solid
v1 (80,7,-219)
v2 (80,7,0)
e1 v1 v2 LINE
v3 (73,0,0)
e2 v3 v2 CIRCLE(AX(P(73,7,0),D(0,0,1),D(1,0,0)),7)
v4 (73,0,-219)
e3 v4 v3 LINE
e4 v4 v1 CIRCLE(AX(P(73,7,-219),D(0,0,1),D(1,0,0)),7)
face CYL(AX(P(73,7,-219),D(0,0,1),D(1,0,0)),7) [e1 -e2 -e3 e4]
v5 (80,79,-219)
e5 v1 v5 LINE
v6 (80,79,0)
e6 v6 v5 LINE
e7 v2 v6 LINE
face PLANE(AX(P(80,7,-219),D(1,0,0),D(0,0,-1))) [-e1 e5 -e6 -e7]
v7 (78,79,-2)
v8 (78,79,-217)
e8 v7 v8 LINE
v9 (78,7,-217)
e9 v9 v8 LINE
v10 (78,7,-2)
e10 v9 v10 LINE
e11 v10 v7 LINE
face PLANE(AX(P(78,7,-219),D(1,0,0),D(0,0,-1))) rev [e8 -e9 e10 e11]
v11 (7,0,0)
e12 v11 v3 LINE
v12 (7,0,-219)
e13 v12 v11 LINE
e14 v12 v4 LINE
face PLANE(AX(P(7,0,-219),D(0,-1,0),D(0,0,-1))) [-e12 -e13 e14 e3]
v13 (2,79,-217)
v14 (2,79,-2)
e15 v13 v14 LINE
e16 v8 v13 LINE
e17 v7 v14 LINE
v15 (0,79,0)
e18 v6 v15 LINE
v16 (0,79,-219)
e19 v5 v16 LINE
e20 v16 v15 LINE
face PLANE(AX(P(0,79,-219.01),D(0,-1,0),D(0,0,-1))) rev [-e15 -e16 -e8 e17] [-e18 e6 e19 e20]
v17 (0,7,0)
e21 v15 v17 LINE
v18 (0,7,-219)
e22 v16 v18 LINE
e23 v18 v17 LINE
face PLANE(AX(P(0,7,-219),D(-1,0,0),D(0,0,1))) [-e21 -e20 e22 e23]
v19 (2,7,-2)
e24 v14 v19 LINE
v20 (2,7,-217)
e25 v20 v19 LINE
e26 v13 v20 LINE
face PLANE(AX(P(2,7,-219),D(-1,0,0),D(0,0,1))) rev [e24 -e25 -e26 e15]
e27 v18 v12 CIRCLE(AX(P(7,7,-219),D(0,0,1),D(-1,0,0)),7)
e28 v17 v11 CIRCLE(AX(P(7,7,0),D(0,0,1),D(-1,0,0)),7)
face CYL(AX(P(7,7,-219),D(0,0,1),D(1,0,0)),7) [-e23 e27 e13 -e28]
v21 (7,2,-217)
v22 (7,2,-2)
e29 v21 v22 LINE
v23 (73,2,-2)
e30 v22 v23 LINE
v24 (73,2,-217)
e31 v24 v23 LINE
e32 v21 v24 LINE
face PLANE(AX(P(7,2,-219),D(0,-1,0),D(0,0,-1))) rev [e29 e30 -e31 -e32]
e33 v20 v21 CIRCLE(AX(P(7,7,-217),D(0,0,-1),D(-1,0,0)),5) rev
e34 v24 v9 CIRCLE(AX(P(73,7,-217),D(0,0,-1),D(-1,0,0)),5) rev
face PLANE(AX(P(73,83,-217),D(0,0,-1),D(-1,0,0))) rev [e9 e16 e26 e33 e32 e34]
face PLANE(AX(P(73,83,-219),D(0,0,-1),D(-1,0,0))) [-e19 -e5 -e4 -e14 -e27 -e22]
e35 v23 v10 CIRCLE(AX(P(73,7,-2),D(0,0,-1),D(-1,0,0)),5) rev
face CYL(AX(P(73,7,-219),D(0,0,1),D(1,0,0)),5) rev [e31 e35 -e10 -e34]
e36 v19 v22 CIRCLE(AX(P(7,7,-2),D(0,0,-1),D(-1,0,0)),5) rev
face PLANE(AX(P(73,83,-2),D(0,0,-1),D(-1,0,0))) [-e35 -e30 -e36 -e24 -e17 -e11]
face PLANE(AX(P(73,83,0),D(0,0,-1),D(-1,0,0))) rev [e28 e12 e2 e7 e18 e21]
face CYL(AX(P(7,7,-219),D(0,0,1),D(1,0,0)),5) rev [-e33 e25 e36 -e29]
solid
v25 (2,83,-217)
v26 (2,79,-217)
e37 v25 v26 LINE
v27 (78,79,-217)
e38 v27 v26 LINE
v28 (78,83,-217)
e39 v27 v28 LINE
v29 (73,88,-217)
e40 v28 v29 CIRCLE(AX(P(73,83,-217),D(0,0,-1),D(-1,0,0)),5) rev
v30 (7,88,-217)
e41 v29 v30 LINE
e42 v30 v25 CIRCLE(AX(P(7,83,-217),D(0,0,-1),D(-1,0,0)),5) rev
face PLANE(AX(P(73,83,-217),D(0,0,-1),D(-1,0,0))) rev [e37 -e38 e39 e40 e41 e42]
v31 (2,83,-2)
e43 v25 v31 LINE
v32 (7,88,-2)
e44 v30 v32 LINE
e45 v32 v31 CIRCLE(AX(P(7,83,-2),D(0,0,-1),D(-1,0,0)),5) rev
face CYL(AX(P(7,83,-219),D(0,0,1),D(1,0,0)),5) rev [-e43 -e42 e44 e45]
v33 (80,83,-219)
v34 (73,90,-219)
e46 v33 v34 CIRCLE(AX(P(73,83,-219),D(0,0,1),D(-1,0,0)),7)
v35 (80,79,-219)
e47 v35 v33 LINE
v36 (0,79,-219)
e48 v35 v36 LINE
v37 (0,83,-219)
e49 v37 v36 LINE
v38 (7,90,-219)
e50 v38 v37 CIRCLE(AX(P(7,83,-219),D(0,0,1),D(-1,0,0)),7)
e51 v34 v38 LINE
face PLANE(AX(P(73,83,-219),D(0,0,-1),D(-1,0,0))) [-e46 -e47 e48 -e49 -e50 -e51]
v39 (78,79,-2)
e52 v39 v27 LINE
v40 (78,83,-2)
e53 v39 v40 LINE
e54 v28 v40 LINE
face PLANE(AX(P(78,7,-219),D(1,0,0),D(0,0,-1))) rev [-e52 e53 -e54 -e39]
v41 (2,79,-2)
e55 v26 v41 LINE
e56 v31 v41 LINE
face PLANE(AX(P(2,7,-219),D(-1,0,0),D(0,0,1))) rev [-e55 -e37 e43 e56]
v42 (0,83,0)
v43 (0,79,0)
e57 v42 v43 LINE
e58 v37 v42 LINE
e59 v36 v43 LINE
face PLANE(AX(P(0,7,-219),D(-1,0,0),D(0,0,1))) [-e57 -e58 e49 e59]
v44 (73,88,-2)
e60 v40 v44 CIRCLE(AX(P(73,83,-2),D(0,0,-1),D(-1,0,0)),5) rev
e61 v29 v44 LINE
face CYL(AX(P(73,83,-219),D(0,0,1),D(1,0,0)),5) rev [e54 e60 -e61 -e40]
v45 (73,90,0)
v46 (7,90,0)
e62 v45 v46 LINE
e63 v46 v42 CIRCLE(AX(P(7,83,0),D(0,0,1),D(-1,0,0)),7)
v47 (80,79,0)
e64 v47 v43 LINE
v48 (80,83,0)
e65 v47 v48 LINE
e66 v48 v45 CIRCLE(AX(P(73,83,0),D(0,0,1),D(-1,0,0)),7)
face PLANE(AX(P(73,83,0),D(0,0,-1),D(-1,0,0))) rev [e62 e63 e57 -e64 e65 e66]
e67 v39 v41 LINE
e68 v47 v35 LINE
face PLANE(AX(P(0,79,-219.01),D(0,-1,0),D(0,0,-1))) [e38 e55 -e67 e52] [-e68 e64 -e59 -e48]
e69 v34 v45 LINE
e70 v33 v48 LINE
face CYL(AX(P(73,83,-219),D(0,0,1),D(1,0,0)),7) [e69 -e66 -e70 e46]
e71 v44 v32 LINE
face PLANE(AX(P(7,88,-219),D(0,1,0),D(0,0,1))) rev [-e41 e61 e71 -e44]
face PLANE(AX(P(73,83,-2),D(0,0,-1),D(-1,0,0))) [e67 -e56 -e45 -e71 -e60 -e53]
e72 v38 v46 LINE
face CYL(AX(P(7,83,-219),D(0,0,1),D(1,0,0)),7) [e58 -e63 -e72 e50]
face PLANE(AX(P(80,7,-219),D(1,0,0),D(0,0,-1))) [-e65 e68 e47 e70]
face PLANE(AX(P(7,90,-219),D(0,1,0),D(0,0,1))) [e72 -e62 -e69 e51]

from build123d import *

# Parameters (mm, degrees)
BOSS_EXTRUDE1_DEPTH    = 219
SHELL1_T               = 2
SPLIT1_SURFACE_1_BACK  = 250.922
SPLIT1_SURFACE_1_DEPTH = 501.844
SPLIT1_SURFACE_2_BACK  = 250.922
SPLIT1_SURFACE_2_DEPTH = 501.844


with BuildPart() as part:
    # Sketch2 → Boss-Extrude1 (new body)
    with BuildSketch(Plane.XY):
        with BuildLine():
            Line((7, 0), (73, 0))
            ThreePointArc((73, 0), (77.949747468, 2.050252532), (80, 7))
            Line((80, 7), (80, 83))
            ThreePointArc((80, 83), (77.949747468, 87.949747468), (73, 90))
            Line((73, 90), (7, 90))
            ThreePointArc((7, 90), (2.050252532, 87.949747468), (0, 83))
            Line((0, 83), (0, 7))
            ThreePointArc((0, 7), (2.050252532, 2.050252532), (7, 0))
        make_face()
    extrude(amount=-BOSS_EXTRUDE1_DEPTH)

    # Shell1 (no face opened: a closed hollow body)
    add(offset(amount=-SHELL1_T, mode=Mode.PRIVATE), mode=Mode.SUBTRACT)


with BuildPart() as body_2:
    # Split1: the piece behind the surface
    add(part.part)
    # Split1 surface: a surface, the sketch's curves swept straight by 501.844 mm
    with BuildLine(Plane.XY.offset(-SPLIT1_SURFACE_1_BACK), mode=Mode.PRIVATE) as split1_surface_1_path:
        Line((0, 79), (80, 79))
    split1_surface_1 = Shell.extrude(split1_surface_1_path.wire(), (0 * SPLIT1_SURFACE_1_DEPTH, 0 * SPLIT1_SURFACE_1_DEPTH, 1 * SPLIT1_SURFACE_1_DEPTH))
    split(bisect_by=split1_surface_1, keep=Keep.BOTTOM)


with BuildPart() as part_1:
    add(part.part)

    # Split1: split by a surface, the side it looks to stays
    # Split1 surface: a surface, the sketch's curves swept straight by 501.844 mm
    with BuildLine(Plane.XY.offset(-SPLIT1_SURFACE_2_BACK), mode=Mode.PRIVATE) as split1_surface_2_path:
        Line((0, 79), (80, 79))
    split1_surface_2 = Shell.extrude(split1_surface_2_path.wire(), (0 * SPLIT1_SURFACE_2_DEPTH, 0 * SPLIT1_SURFACE_2_DEPTH, 1 * SPLIT1_SURFACE_2_DEPTH))
    split(bisect_by=split1_surface_2, keep=Keep.TOP)


solid = Compound([body_2.part, part_1.part])
